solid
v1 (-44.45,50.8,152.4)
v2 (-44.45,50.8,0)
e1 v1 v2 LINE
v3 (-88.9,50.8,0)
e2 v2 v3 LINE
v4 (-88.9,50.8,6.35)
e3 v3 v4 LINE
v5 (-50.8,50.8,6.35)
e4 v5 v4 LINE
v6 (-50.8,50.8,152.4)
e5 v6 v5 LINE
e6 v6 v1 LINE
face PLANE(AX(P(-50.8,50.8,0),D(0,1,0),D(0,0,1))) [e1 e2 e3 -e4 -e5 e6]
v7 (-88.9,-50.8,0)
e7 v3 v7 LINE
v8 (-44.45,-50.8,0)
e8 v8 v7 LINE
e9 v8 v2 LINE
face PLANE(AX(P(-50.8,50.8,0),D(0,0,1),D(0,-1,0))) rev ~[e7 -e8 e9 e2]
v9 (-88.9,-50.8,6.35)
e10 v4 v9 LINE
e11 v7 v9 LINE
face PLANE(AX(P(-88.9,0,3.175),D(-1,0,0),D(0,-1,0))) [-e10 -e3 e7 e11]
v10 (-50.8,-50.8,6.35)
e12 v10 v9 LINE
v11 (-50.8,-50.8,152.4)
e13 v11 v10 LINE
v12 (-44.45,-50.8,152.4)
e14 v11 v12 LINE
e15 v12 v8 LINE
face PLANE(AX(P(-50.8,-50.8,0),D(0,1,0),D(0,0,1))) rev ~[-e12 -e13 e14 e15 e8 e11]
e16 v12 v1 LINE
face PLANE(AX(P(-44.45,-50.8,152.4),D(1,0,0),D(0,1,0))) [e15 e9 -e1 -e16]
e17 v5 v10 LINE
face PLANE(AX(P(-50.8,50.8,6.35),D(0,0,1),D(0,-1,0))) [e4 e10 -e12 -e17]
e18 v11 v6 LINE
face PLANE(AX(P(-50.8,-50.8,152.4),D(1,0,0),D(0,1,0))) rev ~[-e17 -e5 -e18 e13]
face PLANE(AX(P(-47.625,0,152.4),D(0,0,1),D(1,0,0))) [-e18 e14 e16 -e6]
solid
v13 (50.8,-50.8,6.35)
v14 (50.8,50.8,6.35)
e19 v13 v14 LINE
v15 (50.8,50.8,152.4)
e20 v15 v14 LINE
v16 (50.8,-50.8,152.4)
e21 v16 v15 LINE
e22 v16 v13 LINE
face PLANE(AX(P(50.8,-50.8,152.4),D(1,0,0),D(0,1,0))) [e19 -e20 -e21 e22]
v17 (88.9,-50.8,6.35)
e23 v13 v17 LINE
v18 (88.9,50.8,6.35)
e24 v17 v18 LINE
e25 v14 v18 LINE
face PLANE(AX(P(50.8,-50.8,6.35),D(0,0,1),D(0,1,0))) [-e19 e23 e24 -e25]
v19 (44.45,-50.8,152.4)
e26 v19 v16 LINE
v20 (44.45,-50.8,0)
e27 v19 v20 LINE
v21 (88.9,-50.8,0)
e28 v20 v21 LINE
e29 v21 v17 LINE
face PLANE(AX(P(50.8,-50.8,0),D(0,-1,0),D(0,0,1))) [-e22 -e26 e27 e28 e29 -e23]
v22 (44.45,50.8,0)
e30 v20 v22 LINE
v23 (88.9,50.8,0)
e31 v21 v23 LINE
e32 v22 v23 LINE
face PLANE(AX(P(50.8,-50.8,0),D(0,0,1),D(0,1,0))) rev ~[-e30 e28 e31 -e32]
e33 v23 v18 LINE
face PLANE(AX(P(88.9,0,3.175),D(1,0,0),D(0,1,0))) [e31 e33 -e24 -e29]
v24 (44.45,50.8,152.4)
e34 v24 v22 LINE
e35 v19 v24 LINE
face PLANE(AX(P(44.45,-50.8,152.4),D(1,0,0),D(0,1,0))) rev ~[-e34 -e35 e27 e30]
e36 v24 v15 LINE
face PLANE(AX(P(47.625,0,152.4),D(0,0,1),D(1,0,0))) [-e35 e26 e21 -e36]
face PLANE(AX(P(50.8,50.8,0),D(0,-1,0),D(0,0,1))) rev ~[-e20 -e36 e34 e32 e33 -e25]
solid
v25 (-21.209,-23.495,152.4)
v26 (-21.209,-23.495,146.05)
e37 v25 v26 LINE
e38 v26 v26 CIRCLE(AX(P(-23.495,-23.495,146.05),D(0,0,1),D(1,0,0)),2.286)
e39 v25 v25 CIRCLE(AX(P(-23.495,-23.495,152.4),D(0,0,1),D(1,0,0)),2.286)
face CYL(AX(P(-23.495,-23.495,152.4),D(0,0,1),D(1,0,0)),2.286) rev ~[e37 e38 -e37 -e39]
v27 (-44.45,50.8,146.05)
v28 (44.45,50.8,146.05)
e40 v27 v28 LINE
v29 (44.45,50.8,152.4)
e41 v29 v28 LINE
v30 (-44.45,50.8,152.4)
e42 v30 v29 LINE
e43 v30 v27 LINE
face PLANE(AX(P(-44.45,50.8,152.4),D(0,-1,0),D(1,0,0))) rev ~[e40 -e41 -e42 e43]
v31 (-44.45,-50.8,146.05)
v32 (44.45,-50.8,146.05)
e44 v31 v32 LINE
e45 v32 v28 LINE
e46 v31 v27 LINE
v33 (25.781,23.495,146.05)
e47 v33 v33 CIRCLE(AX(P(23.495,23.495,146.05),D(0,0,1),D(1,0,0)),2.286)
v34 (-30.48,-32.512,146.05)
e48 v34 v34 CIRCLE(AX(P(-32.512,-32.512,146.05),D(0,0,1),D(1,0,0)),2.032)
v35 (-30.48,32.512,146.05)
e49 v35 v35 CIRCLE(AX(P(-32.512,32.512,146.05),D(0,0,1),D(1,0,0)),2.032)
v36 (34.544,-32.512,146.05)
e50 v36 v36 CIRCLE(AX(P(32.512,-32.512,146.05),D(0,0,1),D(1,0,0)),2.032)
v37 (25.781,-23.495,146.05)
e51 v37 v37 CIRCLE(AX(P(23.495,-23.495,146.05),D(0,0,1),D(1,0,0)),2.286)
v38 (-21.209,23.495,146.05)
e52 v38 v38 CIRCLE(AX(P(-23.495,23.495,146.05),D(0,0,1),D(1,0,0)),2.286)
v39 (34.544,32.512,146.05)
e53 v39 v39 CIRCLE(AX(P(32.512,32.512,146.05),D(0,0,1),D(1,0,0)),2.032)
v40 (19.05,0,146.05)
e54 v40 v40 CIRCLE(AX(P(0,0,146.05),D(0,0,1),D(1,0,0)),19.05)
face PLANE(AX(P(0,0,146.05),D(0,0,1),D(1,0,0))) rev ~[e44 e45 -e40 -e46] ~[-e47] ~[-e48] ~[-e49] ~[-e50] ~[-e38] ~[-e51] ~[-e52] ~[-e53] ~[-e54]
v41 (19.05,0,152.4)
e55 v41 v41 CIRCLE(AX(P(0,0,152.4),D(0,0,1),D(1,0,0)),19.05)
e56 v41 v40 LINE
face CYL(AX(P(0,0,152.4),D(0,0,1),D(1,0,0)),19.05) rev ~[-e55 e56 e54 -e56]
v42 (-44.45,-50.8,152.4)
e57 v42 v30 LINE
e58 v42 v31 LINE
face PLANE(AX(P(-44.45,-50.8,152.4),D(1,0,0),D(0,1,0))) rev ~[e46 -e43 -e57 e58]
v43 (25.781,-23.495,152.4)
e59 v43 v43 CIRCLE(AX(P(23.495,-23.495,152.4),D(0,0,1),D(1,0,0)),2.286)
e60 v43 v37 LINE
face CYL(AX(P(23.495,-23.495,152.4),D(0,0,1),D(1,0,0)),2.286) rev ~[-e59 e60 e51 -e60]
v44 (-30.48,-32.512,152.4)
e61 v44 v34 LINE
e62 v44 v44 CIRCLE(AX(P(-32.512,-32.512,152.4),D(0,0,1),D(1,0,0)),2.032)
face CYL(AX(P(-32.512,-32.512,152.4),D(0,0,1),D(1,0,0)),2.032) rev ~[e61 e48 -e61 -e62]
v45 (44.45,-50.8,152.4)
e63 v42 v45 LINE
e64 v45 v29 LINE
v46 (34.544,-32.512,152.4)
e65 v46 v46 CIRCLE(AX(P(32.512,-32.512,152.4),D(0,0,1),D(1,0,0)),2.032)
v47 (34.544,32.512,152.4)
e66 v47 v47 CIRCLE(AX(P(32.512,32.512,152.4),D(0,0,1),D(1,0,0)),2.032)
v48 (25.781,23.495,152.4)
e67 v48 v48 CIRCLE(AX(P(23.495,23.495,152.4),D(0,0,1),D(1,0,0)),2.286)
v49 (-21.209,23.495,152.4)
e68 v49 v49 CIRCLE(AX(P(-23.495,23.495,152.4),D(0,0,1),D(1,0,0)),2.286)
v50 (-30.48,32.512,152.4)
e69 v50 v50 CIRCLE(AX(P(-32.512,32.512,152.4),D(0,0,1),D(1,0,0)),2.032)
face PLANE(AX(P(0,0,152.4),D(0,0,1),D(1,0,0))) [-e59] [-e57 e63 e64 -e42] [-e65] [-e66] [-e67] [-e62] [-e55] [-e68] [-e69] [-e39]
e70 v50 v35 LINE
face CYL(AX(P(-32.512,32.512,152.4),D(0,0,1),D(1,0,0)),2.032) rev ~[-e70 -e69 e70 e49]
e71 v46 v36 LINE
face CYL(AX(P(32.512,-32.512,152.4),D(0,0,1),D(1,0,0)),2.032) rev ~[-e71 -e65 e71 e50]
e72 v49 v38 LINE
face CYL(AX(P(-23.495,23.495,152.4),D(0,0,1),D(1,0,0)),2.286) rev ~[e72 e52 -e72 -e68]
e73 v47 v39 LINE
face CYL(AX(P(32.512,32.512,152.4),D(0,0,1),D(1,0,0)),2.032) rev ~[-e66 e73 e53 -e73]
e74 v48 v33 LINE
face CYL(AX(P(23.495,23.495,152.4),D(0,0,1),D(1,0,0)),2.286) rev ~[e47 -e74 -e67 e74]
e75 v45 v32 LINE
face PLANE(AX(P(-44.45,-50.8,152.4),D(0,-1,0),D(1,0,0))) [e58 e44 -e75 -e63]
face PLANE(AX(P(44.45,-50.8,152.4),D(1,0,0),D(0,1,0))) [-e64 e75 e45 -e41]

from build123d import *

# Parameters (mm, degrees)
F1_W     = 88.9
F1_H     = 101.6
F1_R     = 2.032
F1_R_2   = 2.286
F1_R_3   = 19.05
F2_DEPTH = 6.35
F1_W_2   = 6.35
F3_DEPTH = 152.4
F4_W     = 101.6
F4_H     = 6.35
F5_DEPTH = 38.1
F6_W     = 101.6
F6_H     = 6.35
F7_DEPTH = 38.1


with BuildPart() as f2:
    # F1 (on offset) → F2 (new body)
    with BuildSketch(Plane.XY.offset(152.4)):
        Rectangle(F1_W, F1_H)
        with Locations((-32.512, -32.512)):
            Circle(F1_R, mode=Mode.SUBTRACT)
        with Locations((-23.495, -23.495)):
            Circle(F1_R_2, mode=Mode.SUBTRACT)
        Circle(F1_R_3, mode=Mode.SUBTRACT)
        with Locations((32.512, -32.512)):
            Circle(F1_R, mode=Mode.SUBTRACT)
        with Locations((23.495, -23.495)):
            Circle(F1_R_2, mode=Mode.SUBTRACT)
        with Locations((-23.495, 23.495)):
            Circle(F1_R_2, mode=Mode.SUBTRACT)
        with Locations((-32.512, 32.512)):
            Circle(F1_R, mode=Mode.SUBTRACT)
        with Locations((23.495, 23.495)):
            Circle(F1_R_2, mode=Mode.SUBTRACT)
        with Locations((32.512, 32.512)):
            Circle(F1_R, mode=Mode.SUBTRACT)
    extrude(amount=-F2_DEPTH)


with BuildPart() as f3:
    # F1 (on offset) → F3 (new body)
    with BuildSketch(Plane.XY.offset(152.4)):
        with Locations((-47.625, 0)):
            Rectangle(F1_W_2, F1_H)
    extrude(amount=-F3_DEPTH)

    # F6 (on face) → F7 (join)
    with BuildSketch(Plane(origin=(-50.8, 0, 0), x_dir=(0, -1, 0), z_dir=(-1, 0, 0))):
        with Locations((0, 3.175)):
            Rectangle(F6_W, F6_H)
    extrude(amount=F7_DEPTH)


with BuildPart() as f3b:
    # F1 (on offset) → F3, piece 2 (new body)
    with BuildSketch(Plane.XY.offset(152.4)):
        with Locations((47.625, 0)):
            Rectangle(F1_W_2, F1_H)
    extrude(amount=-F3_DEPTH)

    # F4 (on face) → F5 (join)
    with BuildSketch(Plane.YZ.offset(50.8)):
        with Locations((0, 3.175)):
            Rectangle(F4_W, F4_H)
    extrude(amount=F5_DEPTH)


solid = Compound([f2.part, f3.part, f3b.part])
